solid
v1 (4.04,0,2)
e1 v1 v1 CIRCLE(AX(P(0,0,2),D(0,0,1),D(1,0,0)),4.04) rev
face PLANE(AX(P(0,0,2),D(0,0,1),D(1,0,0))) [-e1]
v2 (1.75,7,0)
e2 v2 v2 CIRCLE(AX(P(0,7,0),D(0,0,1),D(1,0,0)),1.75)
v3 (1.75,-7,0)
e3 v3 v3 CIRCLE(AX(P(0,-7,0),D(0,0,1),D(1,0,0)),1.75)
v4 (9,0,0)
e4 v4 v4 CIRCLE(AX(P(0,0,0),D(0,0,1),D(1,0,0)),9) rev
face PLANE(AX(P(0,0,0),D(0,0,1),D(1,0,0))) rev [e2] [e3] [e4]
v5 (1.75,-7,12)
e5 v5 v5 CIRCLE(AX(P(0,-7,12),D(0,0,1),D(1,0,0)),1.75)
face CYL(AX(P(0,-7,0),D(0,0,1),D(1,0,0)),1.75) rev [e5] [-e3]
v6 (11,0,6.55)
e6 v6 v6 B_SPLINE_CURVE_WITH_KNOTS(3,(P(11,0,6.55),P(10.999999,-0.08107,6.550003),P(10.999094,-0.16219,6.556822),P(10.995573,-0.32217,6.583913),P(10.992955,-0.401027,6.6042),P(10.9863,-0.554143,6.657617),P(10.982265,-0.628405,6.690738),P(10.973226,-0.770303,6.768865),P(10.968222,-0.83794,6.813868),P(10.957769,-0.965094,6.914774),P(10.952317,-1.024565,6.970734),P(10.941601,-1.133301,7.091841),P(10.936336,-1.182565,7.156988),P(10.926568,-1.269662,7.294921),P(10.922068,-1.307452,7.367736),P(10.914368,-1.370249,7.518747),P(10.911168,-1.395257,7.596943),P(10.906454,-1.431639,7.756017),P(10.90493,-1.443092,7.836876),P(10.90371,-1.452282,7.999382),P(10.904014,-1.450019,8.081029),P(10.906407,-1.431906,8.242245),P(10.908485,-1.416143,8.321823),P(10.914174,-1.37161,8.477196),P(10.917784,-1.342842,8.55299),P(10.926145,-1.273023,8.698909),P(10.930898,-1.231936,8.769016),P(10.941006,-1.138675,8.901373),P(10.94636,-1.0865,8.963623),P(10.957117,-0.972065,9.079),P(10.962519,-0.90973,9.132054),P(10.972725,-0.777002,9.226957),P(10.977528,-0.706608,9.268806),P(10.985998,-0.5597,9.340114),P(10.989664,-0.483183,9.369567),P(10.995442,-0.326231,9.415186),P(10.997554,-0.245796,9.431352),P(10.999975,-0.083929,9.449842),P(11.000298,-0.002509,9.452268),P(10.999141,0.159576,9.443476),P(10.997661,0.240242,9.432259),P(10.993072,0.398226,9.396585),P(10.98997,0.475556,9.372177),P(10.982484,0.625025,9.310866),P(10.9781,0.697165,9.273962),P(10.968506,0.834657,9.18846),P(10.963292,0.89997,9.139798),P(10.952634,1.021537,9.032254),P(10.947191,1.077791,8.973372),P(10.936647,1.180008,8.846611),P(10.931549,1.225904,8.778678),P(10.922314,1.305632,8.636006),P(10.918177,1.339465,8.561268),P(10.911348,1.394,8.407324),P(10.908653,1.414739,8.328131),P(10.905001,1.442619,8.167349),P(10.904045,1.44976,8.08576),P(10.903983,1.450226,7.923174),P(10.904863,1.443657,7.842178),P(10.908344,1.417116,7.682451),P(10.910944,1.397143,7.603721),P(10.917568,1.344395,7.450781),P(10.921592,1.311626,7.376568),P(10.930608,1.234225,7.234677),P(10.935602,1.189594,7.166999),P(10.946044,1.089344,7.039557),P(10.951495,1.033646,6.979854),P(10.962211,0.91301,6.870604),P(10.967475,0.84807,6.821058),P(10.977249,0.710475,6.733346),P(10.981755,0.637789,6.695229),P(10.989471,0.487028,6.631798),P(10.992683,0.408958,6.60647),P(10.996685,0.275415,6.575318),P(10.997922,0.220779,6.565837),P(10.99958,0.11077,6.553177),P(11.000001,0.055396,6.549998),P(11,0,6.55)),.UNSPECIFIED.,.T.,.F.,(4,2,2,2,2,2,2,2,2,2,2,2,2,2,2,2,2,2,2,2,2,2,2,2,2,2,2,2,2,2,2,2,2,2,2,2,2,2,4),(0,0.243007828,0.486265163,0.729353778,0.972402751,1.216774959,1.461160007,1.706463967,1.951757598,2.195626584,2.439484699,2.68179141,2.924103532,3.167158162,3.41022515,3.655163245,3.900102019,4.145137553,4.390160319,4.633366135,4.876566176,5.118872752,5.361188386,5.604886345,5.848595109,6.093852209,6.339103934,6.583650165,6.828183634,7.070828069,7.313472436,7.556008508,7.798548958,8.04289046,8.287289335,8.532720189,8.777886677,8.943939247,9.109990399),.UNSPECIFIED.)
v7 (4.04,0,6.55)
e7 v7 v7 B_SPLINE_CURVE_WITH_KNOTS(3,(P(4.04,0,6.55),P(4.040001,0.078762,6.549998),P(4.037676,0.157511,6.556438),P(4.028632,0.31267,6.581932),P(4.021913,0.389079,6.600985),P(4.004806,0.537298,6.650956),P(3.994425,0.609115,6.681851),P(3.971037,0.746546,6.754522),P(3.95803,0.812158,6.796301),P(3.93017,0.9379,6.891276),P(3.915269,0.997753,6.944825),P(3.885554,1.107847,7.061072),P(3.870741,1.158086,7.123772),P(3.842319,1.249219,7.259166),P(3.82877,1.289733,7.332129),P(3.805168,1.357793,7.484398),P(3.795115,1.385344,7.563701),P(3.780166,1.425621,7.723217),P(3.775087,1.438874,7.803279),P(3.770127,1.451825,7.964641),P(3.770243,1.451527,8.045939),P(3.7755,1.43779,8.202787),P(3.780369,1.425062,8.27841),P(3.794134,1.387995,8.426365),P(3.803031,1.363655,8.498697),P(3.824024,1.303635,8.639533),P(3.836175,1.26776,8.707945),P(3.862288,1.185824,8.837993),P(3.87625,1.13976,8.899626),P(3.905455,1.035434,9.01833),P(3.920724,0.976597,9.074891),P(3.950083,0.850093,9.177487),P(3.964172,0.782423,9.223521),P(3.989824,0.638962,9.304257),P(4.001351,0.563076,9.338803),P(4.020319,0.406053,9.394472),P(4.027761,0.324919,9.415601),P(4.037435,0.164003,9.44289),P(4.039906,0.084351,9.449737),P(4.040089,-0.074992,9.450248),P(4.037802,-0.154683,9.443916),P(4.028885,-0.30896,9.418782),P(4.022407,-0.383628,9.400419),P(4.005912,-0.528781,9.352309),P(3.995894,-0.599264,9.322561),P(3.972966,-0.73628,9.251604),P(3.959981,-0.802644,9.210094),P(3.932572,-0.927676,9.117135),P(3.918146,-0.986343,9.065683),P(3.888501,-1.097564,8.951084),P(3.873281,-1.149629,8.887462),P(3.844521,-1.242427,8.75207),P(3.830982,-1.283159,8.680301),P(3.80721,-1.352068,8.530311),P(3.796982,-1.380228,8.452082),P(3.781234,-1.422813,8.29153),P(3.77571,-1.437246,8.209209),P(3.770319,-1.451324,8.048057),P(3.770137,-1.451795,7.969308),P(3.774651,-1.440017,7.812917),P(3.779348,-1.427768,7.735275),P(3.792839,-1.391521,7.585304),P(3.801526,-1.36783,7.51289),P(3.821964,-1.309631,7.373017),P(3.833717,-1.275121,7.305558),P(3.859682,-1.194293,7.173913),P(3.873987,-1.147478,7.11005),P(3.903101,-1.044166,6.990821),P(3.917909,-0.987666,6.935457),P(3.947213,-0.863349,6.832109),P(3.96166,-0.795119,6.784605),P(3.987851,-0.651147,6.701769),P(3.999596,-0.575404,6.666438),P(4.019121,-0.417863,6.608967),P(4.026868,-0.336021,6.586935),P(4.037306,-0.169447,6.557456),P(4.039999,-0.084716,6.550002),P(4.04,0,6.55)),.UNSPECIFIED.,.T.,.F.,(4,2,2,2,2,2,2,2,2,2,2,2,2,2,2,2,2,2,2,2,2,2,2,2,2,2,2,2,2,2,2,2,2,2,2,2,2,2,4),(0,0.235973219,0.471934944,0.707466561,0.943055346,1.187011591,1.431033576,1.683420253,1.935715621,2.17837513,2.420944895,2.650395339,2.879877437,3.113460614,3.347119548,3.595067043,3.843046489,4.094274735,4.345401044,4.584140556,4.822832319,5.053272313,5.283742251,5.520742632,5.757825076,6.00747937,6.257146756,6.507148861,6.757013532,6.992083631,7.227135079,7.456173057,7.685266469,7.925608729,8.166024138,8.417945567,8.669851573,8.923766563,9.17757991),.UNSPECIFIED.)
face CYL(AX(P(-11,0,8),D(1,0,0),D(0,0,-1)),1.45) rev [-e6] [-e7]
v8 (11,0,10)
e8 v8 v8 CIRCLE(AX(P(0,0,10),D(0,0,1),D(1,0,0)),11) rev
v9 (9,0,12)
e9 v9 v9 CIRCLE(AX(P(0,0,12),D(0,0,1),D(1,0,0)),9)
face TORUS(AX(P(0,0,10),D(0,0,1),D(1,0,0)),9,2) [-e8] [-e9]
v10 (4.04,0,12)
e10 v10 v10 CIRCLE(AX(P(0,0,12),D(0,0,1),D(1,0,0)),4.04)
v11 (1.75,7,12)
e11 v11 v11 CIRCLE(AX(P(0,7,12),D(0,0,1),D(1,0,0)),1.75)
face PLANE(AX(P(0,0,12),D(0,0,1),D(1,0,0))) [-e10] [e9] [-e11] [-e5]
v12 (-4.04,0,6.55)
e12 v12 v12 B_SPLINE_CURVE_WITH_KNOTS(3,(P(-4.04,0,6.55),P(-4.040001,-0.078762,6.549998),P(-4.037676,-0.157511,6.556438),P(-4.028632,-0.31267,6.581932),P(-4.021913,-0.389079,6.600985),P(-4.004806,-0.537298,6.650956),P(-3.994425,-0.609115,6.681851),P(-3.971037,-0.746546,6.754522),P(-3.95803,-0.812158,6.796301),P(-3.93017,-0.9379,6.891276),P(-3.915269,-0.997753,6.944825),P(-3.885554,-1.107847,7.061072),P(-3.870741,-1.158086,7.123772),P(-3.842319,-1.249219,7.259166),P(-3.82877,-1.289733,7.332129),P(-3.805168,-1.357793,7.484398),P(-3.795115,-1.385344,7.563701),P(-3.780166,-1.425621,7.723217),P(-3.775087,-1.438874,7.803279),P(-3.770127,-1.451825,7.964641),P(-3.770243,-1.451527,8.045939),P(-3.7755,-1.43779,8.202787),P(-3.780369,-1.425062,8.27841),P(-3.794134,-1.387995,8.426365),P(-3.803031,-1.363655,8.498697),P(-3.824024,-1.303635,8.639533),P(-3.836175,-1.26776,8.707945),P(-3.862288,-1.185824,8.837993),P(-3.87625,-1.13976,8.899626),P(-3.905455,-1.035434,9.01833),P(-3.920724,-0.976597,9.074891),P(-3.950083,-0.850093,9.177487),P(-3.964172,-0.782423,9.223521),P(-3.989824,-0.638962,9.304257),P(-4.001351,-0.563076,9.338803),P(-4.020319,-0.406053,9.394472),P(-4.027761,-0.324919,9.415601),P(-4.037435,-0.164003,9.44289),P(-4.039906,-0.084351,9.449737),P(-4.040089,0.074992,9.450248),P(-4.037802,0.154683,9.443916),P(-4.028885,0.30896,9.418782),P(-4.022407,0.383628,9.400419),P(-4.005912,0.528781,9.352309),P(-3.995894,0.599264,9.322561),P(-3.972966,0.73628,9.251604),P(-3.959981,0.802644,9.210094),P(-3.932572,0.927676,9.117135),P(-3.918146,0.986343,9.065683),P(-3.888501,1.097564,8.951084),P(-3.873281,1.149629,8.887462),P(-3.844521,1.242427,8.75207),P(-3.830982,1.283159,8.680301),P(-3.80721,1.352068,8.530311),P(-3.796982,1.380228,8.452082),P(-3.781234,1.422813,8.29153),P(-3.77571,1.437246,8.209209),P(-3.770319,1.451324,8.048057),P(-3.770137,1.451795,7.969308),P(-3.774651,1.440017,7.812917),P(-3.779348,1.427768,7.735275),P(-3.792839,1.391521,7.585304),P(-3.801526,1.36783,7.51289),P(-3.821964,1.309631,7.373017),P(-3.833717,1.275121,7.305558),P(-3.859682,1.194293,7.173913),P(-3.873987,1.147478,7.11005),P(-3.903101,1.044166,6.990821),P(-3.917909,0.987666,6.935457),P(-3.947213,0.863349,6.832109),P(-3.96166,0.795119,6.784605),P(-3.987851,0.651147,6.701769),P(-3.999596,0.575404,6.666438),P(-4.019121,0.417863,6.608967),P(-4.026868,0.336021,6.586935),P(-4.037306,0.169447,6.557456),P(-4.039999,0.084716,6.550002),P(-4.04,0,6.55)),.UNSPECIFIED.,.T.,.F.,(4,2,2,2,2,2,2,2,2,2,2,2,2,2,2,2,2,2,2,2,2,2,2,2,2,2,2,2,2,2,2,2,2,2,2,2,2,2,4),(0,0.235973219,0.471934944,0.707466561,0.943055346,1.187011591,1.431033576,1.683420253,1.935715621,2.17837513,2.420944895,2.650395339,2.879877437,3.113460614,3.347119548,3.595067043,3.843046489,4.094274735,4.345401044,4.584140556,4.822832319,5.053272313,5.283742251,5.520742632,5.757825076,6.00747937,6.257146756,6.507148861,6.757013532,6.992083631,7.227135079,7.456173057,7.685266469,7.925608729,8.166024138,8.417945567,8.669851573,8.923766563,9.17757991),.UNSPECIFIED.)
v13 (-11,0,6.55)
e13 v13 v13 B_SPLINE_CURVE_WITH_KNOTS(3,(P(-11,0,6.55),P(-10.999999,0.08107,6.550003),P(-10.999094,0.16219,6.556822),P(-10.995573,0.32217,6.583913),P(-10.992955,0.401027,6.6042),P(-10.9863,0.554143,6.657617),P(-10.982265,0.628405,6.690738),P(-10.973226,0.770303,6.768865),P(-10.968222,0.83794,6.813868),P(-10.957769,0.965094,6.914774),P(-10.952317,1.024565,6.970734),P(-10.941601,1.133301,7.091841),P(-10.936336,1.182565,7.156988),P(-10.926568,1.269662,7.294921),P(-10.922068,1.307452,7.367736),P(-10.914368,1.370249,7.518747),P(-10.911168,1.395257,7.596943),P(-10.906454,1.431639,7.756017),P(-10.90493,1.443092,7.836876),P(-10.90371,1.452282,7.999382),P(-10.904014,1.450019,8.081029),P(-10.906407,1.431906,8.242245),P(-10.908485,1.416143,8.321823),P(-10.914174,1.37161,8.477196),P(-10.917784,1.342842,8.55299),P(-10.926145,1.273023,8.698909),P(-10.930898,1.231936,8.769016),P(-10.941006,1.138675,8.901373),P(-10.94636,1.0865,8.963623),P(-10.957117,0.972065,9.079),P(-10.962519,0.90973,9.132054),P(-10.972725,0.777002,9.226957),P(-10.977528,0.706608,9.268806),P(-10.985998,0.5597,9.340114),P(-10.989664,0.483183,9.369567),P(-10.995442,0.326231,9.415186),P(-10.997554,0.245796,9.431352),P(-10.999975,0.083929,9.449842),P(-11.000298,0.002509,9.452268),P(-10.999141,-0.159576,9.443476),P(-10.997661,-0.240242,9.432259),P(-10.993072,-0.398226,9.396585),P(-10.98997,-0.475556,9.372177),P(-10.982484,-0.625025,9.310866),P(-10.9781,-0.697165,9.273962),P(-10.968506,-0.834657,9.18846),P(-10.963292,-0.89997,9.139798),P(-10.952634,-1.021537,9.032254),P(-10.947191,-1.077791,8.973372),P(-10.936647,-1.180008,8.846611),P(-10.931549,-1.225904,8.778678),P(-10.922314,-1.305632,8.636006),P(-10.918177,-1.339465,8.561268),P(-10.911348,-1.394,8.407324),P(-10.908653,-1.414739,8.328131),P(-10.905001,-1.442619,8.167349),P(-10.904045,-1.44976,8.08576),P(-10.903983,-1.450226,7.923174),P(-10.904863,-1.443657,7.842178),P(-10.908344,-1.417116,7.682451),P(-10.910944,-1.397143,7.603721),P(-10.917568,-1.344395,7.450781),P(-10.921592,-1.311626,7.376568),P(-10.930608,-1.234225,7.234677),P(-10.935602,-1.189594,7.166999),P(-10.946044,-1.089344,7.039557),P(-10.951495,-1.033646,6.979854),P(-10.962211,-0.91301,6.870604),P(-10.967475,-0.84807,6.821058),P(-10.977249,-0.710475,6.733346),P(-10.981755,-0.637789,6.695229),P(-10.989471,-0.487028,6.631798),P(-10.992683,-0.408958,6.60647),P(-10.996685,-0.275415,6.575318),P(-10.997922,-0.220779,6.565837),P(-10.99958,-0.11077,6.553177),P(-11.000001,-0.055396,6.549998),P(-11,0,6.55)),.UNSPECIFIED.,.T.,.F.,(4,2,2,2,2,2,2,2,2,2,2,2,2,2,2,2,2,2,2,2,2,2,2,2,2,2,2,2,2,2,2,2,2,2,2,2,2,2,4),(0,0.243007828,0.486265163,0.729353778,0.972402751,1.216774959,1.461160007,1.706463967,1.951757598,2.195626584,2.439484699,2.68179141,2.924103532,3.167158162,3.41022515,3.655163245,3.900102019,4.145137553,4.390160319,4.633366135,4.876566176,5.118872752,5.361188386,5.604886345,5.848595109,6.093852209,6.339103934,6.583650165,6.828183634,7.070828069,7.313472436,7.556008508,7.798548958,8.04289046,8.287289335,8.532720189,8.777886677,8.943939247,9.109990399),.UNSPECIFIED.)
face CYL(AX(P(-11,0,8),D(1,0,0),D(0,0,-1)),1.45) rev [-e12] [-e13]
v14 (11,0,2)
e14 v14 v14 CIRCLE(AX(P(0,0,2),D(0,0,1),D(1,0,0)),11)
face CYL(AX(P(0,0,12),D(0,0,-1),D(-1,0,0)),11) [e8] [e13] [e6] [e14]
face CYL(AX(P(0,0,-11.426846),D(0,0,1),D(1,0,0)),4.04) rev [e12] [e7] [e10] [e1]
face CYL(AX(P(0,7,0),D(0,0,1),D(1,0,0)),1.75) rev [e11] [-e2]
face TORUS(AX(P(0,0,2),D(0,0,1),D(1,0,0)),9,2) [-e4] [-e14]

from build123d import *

# Parameters (mm, degrees)
SKETCH_1_R               = 11
EXTRUDE_1_DEPTH          = 12
SKETCH_3_R               = 1.75
CUT_EXTRUDE_1_DEPTH      = 20.646882704
SKETCH_4_R               = 4.04
CUT_EXTRUDE_2_DEPTH      = 10
CUT_EXTRUDE_3_DEPTH      = 20.646882704
CUT_EXTRUDE_3_DEPTH_BACK = 20.646882704
SKETCH_5_R               = 1.45
FILLET_1_R               = 2


with BuildPart() as part:
    # 草图1 → 凸台-拉伸1 (new body)
    with BuildSketch(Plane.XY):
        Circle(SKETCH_1_R)
    extrude(amount=EXTRUDE_1_DEPTH)

    # 草图3 → 切除-拉伸1 (cut, through all)
    with BuildSketch(Plane.XY.offset(12)):
        with Locations((0, 7)):
            Circle(SKETCH_3_R)
        with Locations((0, -7)):
            Circle(SKETCH_3_R)
    extrude(amount=-CUT_EXTRUDE_1_DEPTH, mode=Mode.SUBTRACT)

    # 草图4 → 切除-拉伸2 (cut)
    with BuildSketch(Plane.XY.offset(12)):
        Circle(SKETCH_4_R)
    extrude(amount=-CUT_EXTRUDE_2_DEPTH, mode=Mode.SUBTRACT)

    # 草图5 → 切除-拉伸3 (cut, two sides: drawn at the far end of the back side and taken through both)
    with BuildSketch(Plane(origin=(0, 0, 0), x_dir=(0, 0, -1), z_dir=(1, 0, 0)).offset(-CUT_EXTRUDE_3_DEPTH_BACK)):
        with Locations((-8, 0)):
            Circle(SKETCH_5_R)
    extrude(amount=CUT_EXTRUDE_3_DEPTH + CUT_EXTRUDE_3_DEPTH_BACK, mode=Mode.SUBTRACT)

    # 圆角1
    fillet_1_edges = [part.edges().sort_by_distance(p)[0] for p in [
        (-11, 0, 0),
        (-11, 0, 12),
    ]]
    fillet(fillet_1_edges, radius=FILLET_1_R)


solid = part.part
